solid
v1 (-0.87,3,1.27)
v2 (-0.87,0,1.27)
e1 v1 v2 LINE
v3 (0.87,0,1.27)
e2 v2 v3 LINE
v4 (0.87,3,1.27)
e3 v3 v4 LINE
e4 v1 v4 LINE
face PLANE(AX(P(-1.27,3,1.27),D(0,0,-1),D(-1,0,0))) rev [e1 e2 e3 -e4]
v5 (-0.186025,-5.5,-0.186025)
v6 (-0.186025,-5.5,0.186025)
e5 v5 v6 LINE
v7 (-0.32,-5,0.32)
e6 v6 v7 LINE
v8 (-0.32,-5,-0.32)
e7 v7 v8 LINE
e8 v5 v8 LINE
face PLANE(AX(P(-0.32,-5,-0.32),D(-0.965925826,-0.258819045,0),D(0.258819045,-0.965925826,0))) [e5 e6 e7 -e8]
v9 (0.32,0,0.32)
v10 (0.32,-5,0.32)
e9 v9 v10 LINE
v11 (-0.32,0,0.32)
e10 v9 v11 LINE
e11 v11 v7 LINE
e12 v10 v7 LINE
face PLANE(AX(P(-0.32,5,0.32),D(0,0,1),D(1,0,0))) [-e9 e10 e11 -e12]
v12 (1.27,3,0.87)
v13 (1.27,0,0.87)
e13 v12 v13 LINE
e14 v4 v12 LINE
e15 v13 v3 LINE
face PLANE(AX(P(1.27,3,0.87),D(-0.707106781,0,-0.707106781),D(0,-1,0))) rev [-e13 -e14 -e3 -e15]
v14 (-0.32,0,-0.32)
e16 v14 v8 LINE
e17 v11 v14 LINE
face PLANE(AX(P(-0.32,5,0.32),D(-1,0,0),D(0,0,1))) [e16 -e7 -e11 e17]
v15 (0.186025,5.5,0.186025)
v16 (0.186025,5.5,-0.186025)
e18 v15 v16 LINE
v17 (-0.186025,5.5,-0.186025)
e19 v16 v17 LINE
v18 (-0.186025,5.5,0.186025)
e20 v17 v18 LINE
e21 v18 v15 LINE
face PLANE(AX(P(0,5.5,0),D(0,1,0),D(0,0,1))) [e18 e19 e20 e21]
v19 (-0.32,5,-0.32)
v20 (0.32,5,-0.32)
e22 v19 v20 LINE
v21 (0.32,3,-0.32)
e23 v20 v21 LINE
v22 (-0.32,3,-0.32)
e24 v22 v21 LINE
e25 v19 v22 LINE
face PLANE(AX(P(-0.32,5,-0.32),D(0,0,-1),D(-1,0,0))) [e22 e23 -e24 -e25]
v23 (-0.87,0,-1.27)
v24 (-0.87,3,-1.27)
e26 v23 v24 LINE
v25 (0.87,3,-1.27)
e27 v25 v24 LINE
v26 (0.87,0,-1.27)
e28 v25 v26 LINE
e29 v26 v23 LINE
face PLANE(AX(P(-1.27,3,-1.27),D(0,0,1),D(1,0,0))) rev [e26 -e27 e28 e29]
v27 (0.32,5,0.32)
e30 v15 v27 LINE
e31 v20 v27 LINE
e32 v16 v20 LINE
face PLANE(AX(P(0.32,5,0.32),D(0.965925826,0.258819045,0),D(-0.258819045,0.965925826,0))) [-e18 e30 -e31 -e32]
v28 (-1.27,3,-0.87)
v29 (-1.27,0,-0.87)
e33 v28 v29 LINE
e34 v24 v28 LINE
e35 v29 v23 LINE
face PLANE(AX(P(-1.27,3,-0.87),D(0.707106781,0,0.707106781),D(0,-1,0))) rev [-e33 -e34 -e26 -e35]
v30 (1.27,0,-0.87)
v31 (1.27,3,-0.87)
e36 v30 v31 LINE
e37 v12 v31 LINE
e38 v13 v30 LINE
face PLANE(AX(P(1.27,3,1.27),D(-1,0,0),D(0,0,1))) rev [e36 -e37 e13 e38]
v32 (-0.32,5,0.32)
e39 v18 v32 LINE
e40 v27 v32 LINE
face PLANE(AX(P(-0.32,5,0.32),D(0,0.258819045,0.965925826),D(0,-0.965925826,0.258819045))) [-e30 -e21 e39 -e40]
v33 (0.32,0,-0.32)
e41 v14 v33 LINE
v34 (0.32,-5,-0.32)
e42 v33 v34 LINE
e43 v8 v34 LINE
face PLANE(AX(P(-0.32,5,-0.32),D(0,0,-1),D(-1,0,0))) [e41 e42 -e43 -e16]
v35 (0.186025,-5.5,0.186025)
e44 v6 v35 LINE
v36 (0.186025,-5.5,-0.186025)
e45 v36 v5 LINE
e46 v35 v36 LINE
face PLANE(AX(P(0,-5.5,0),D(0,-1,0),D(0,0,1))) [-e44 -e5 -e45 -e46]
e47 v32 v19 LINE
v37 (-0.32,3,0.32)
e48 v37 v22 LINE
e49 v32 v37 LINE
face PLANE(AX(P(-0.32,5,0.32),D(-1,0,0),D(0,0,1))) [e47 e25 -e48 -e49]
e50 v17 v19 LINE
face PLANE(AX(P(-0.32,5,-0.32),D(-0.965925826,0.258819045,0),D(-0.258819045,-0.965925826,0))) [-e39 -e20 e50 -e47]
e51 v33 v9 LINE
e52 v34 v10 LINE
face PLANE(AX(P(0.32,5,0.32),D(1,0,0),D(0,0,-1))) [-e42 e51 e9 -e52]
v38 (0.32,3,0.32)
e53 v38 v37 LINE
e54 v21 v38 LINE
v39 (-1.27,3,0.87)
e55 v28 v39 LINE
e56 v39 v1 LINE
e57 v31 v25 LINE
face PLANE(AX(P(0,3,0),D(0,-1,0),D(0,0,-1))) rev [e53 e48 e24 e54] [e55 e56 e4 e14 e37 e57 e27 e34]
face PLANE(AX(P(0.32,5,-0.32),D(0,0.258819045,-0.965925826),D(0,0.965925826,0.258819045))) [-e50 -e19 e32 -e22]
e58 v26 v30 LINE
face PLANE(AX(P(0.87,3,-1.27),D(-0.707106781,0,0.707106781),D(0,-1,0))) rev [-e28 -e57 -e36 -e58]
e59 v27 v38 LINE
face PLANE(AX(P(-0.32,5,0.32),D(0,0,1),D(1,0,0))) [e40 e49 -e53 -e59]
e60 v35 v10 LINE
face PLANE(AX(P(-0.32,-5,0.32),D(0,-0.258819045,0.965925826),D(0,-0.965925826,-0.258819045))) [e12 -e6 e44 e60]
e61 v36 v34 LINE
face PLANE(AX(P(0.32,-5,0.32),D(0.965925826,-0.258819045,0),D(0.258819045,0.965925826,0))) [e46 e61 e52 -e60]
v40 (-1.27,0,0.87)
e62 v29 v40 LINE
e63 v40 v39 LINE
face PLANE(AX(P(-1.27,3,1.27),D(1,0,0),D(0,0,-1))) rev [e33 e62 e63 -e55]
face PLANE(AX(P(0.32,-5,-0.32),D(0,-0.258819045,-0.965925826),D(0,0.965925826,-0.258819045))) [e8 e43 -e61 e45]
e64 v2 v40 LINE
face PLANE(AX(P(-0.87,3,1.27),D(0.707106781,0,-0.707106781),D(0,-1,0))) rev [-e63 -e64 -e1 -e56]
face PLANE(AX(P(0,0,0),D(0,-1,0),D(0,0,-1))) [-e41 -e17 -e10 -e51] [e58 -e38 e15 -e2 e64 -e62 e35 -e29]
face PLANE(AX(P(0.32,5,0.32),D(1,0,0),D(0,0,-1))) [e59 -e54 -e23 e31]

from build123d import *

# Parameters (mm, degrees)
SKETCH1_W                = 2.54
SKETCH1_H                = 2.54
BOSS_EXTRUDE1_DEPTH      = 3
CHAMFER1_SIZE            = 0.4
BOSS_EXTRUDE2_DEPTH      = 5
BOSS_EXTRUDE2_DEPTH_BACK = 5
SKETCH2_W                = 0.64
SKETCH2_H                = 0.64
SKETCH3_W                = 0.64
SKETCH3_H                = 0.64
BOSS_EXTRUDE3_DEPTH      = 0.5
BOSS_EXTRUDE3_TAPER      = 15


with BuildPart() as part:
    # Sketch1 → Boss-Extrude1 (new body)
    with BuildSketch(Plane(origin=(0, 0, 0), x_dir=(1, 0, 0), z_dir=(0, 1, 0))):
        Rectangle(SKETCH1_W, SKETCH1_H)
    extrude(amount=BOSS_EXTRUDE1_DEPTH)

    # Chamfer1
    chamfer1_edges = [part.edges().sort_by_distance(p)[0] for p in [
        (1.27, 1.5, 1.27),
        (-1.27, 1.5, 1.27),
        (-1.27, 1.5, -1.27),
        (1.27, 1.5, -1.27),
    ]]
    chamfer(chamfer1_edges, length=CHAMFER1_SIZE)

    # Sketch2 → Boss-Extrude2 (add, two sides: drawn at the far end of the back side and taken through both)
    with BuildSketch(Plane.XZ.offset(-BOSS_EXTRUDE2_DEPTH_BACK)):
        Rectangle(SKETCH2_W, SKETCH2_H)
    extrude(amount=BOSS_EXTRUDE2_DEPTH + BOSS_EXTRUDE2_DEPTH_BACK)

    # Sketch3 → Boss-Extrude3 (add)
    with BuildSketch(Plane(origin=(0, 5, 0), x_dir=(1, 0, 0), z_dir=(0, 1, 0))):
        Rectangle(SKETCH3_W, SKETCH3_H)
    boss_extrude3 = extrude(amount=BOSS_EXTRUDE3_DEPTH, taper=BOSS_EXTRUDE3_TAPER)

    # Mirror1: Boss-Extrude3 across plane
    add(boss_extrude3.mirror(Plane.ZX))


solid = part.part
